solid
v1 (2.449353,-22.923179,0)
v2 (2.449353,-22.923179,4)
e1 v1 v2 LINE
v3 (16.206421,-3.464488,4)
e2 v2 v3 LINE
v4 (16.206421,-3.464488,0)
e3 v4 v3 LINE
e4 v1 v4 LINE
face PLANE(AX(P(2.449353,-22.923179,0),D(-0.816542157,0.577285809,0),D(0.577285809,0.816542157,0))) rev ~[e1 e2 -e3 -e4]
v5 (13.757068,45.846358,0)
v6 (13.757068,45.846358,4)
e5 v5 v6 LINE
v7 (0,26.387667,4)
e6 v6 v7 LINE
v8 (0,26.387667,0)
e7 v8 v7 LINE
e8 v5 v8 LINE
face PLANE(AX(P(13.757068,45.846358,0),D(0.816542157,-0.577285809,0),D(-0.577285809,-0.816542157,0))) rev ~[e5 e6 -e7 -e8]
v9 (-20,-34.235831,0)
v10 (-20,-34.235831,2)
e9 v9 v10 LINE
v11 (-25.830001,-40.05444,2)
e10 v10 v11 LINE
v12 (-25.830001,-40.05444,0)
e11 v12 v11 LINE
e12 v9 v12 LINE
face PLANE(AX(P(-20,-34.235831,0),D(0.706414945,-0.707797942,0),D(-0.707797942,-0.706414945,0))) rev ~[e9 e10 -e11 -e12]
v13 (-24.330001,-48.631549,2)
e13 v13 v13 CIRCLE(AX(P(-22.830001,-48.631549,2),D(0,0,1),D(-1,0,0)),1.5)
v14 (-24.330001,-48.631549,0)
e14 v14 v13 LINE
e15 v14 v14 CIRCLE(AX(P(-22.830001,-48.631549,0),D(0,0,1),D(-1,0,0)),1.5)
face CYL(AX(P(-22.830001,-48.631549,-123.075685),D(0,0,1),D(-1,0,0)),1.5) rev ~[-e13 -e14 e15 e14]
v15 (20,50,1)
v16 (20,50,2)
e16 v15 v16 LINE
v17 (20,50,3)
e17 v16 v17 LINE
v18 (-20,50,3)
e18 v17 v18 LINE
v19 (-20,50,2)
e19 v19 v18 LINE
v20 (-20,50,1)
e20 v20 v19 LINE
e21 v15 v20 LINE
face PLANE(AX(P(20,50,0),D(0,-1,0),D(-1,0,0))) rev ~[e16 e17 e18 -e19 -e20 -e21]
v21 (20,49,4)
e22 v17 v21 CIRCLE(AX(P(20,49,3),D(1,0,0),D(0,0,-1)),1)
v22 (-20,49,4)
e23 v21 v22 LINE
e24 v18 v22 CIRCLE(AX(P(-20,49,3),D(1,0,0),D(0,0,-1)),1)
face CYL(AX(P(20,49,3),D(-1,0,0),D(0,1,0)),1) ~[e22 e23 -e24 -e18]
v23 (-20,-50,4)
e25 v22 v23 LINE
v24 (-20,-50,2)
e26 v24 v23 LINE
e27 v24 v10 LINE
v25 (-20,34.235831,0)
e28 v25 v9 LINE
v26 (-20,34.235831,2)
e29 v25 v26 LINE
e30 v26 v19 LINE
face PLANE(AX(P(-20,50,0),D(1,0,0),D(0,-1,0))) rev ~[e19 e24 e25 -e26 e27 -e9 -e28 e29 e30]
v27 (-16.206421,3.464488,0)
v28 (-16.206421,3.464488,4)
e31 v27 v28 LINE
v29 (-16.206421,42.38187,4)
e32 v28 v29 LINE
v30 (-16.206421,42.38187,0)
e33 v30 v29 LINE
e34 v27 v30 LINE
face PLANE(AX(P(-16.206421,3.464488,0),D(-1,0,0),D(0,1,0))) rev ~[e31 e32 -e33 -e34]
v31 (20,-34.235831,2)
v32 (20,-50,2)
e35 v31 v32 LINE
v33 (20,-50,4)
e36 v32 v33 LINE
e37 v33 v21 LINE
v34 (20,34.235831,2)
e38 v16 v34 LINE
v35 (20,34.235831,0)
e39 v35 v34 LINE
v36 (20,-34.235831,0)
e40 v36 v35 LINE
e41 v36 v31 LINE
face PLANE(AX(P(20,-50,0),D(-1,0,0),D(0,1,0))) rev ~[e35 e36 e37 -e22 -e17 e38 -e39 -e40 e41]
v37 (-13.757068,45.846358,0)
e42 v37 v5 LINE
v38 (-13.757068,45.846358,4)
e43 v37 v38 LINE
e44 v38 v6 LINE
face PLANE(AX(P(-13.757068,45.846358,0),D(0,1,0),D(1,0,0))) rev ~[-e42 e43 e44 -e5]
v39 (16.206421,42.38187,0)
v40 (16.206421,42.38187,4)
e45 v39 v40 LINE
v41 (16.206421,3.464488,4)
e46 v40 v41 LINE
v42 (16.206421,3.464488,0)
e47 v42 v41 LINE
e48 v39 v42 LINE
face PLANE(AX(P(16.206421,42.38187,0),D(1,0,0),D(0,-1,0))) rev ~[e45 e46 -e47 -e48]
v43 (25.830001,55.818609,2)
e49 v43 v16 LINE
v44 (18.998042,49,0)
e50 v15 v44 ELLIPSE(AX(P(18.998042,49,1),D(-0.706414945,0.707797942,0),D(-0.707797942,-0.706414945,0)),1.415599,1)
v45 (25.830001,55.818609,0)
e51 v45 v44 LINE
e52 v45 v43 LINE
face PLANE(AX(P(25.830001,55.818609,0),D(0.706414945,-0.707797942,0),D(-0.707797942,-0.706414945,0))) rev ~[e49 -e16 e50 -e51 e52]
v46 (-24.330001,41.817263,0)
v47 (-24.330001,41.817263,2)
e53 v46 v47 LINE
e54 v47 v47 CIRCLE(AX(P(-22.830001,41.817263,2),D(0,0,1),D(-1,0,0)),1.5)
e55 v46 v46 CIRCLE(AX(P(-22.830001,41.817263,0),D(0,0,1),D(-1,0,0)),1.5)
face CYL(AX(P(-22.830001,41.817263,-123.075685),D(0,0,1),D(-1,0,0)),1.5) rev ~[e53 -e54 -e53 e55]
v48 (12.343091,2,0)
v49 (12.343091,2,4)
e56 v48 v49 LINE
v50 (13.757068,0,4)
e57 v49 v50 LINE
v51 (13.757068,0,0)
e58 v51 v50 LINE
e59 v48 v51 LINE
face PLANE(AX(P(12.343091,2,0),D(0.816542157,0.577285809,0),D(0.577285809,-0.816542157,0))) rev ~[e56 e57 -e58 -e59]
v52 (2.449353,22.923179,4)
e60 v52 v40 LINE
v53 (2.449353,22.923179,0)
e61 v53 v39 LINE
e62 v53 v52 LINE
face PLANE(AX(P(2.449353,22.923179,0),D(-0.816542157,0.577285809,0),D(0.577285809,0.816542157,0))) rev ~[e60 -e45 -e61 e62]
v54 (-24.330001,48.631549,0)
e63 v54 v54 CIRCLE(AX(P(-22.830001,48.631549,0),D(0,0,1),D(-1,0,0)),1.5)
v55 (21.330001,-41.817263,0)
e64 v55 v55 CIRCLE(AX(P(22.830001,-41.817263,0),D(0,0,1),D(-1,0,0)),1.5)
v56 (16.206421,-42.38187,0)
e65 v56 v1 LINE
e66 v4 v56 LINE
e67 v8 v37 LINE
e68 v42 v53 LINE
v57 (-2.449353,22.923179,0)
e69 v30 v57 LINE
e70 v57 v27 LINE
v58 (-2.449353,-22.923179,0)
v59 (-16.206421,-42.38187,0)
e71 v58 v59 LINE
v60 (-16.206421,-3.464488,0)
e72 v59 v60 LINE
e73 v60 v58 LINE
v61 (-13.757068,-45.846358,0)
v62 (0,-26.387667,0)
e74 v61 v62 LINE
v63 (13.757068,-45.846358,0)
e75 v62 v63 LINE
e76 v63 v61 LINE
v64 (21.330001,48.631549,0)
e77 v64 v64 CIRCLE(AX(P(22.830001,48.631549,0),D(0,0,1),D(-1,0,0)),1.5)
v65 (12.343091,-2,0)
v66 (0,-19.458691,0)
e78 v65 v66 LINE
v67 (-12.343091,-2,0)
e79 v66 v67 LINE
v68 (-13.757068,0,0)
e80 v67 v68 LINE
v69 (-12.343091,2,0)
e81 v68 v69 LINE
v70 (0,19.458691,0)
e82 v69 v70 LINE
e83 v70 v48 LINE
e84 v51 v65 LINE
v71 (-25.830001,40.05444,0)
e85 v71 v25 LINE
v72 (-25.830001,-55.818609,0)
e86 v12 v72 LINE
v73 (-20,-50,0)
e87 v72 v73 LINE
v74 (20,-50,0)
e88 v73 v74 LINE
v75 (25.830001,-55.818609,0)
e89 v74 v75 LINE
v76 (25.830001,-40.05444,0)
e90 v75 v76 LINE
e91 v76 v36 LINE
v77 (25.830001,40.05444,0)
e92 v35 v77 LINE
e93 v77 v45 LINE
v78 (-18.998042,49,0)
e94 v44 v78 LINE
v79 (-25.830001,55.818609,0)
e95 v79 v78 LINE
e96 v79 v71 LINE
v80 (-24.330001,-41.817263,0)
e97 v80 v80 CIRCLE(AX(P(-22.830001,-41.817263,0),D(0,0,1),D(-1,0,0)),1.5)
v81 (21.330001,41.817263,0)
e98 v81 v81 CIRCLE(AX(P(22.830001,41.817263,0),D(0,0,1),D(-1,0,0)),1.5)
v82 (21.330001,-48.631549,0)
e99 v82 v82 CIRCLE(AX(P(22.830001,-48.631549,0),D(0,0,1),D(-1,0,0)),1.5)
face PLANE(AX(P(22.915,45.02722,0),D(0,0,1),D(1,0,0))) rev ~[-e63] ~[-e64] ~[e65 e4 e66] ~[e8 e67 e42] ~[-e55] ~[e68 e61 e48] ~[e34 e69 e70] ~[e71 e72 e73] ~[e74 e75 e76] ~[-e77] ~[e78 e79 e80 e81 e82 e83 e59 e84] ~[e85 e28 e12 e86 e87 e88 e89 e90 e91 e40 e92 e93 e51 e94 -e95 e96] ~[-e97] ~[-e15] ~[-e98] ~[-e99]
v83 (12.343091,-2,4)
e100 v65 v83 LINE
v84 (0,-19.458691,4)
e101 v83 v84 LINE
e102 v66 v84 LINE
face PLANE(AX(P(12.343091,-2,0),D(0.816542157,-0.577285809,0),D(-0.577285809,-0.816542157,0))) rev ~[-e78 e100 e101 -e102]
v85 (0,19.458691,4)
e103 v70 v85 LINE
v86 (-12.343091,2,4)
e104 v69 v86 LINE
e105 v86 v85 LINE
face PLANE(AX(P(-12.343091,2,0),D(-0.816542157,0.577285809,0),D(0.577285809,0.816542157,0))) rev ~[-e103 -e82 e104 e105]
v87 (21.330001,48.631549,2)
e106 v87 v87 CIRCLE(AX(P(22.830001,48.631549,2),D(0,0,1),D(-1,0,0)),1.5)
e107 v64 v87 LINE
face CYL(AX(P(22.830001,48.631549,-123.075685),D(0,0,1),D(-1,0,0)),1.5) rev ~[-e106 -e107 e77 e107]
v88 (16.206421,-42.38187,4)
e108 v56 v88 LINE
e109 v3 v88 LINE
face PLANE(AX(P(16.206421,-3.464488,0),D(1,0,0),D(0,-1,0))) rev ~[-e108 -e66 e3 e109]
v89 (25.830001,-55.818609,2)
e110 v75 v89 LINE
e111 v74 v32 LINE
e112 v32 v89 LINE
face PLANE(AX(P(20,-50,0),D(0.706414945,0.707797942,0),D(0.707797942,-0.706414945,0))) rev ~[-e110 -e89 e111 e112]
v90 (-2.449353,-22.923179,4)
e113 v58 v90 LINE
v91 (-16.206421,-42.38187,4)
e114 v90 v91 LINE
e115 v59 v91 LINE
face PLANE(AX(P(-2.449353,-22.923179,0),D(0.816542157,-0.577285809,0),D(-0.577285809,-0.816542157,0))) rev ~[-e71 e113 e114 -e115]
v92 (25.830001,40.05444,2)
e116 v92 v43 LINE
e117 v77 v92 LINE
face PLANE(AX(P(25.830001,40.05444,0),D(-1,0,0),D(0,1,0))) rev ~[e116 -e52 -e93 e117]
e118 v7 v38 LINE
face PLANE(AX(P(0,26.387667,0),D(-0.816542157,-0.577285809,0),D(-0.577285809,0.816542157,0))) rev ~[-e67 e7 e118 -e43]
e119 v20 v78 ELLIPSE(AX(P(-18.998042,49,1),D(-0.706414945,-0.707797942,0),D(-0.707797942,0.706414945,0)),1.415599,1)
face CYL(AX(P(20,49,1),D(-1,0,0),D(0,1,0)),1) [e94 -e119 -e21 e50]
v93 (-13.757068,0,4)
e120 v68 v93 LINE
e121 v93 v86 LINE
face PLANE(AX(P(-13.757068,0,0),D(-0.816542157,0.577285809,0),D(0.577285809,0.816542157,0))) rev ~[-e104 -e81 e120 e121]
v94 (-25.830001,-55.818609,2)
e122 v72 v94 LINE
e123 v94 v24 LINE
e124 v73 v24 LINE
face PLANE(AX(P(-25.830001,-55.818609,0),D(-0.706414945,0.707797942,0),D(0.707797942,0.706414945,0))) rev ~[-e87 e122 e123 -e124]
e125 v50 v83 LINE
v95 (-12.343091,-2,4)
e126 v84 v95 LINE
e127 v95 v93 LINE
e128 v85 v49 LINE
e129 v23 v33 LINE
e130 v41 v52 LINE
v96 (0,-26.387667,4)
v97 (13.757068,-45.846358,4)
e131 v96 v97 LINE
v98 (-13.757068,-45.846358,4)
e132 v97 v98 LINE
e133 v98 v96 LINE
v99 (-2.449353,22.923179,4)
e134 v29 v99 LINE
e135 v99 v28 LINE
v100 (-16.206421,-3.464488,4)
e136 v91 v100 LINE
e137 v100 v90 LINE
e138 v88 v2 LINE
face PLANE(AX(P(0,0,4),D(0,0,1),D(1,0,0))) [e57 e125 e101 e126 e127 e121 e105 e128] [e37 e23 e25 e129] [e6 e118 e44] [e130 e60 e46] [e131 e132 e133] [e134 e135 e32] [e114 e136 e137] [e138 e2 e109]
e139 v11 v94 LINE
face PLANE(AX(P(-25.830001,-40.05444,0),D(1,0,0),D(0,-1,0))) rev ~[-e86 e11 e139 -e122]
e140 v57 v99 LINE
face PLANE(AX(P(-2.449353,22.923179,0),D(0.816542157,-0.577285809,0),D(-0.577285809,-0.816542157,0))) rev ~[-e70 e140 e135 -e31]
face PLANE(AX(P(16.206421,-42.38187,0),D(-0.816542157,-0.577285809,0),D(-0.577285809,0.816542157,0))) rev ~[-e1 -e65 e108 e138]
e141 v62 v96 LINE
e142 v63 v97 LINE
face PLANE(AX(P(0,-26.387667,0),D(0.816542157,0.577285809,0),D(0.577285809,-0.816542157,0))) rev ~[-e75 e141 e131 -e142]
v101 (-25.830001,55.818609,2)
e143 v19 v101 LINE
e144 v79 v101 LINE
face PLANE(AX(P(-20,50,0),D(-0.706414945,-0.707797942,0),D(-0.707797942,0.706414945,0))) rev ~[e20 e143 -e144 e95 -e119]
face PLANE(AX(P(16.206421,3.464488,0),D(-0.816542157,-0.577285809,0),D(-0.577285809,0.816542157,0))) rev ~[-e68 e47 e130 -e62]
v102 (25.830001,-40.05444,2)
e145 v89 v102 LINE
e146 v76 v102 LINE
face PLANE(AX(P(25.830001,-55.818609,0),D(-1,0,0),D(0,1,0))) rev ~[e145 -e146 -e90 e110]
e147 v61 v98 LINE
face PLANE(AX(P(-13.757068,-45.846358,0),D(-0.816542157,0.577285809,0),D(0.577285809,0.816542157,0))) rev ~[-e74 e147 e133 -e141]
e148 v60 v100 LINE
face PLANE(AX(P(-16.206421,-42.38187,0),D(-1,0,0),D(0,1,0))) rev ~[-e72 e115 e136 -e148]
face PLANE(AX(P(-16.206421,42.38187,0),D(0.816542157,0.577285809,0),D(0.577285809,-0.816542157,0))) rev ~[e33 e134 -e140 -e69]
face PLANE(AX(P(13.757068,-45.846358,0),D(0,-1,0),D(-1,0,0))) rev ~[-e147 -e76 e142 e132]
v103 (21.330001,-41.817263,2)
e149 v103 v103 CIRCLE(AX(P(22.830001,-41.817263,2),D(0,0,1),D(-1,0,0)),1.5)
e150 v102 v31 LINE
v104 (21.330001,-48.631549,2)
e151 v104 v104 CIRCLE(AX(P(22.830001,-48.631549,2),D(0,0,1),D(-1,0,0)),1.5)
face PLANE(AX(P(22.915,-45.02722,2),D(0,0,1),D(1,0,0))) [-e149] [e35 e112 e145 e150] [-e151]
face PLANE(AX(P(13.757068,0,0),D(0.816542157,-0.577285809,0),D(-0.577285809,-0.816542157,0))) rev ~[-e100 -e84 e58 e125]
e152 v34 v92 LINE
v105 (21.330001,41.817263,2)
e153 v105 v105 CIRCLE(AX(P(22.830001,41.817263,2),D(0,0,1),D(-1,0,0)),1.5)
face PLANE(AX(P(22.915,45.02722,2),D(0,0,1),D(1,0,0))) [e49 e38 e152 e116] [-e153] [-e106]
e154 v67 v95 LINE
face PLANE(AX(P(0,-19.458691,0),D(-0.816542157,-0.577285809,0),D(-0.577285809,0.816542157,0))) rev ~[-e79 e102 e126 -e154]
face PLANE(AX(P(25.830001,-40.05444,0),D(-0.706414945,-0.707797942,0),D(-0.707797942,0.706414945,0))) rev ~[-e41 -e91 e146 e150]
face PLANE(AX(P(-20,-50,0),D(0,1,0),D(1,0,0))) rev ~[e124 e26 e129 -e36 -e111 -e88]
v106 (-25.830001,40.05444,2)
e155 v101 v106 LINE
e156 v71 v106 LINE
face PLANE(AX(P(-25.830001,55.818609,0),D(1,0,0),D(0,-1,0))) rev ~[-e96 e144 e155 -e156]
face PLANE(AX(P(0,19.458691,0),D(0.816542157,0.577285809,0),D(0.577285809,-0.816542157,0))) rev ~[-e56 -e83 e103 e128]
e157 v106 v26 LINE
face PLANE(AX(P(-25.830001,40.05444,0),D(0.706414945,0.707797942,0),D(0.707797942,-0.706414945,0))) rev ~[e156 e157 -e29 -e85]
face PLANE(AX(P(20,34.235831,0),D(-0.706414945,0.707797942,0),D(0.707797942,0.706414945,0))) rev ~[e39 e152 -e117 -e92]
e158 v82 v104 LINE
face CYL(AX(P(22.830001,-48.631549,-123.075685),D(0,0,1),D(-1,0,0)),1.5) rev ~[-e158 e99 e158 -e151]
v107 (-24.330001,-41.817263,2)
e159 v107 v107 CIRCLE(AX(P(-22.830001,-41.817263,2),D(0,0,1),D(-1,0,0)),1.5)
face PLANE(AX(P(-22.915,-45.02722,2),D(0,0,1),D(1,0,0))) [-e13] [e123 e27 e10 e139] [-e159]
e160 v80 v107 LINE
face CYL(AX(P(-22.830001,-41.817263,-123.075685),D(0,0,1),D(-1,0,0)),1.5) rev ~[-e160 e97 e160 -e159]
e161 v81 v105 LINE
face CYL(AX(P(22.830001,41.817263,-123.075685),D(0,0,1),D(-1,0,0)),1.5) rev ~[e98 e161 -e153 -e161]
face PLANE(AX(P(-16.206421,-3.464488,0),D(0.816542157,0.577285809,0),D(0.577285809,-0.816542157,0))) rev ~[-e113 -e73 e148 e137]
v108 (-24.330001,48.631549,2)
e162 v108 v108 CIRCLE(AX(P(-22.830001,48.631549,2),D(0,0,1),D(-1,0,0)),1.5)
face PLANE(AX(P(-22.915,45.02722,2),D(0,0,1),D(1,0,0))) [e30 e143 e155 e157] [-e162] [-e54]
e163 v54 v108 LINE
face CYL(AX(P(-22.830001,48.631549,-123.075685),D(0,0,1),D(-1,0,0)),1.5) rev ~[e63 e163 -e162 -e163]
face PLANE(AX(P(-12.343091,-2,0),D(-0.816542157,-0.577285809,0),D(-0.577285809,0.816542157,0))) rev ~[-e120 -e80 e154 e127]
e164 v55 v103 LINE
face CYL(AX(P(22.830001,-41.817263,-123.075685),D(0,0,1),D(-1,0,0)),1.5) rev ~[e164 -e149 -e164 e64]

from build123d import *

# Parameters (mm, degrees)
F1_DEPTH = 4
F2_DEPTH = 2
F3_D     = 3
F4_R     = 1


with BuildPart() as f1:
    # F0 (on Top) → F1 (new body)
    with BuildSketch(Plane.XY):
        Polygon((20, 34.2358313501), (20, 50), (-20, 50), (-20, 34.2358313501), (-20, -34.2358313501), (-20, -50), (20, -50), (20, -34.2358313501), align=None)
        Polygon((16.206420958, -42.3818695248), (16.206420958, -45.8463579416), (13.757067936, -45.8463579416), (-13.757067936, -45.8463579416), (-16.206420958, -45.8463579416), (-16.206420958, -42.3818695248), (-16.206420958, -3.4644884169), (-16.206420958, -2), (-16.206420958, 0), (-16.206420958, 2), (-16.206420958, 3.4644884169), (-16.206420958, 42.3818695248), (-16.206420958, 45.8463579416), (-13.757067936, 45.8463579416), (13.757067936, 45.8463579416), (16.206420958, 45.8463579416), (16.206420958, 42.3818695248), (16.206420958, 3.4644884169), (16.206420958, 2), (16.206420958, 0), (16.206420958, -2), (16.206420958, -3.4644884169), align=None, mode=Mode.SUBTRACT)
        Polygon((1.224676511, 24.6554231792), (16.206420958, 45.8463579416), (13.757067936, 45.8463579416), (0, 26.3876673877), align=None)
        Polygon((2.4493530221, 22.9231789708), (16.206420958, 42.3818695248), (16.206420958, 45.8463579416), (1.224676511, 24.6554231792), align=None)
        Polygon((-2.4493530221, 22.9231789708), (-1.224676511, 24.6554231792), (-16.206420958, 45.8463579416), (-16.206420958, 42.3818695248), align=None)
        Polygon((-16.206420958, 45.8463579416), (-1.224676511, 24.6554231792), (0, 26.3876673877), (-13.757067936, 45.8463579416), align=None)
        Polygon((-16.206420958, -42.3818695248), (-16.206420958, -45.8463579416), (-1.224676511, -24.6554231792), (-2.4493530221, -22.9231789708), align=None)
        Polygon((-16.206420958, -45.8463579416), (-13.757067936, -45.8463579416), (0, -26.3876673877), (-1.224676511, -24.6554231792), align=None)
        Polygon((1.224676511, -24.6554231792), (16.206420958, -45.8463579416), (16.206420958, -42.3818695248), (2.4493530221, -22.9231789708), align=None)
        Polygon((13.757067936, -45.8463579416), (16.206420958, -45.8463579416), (1.224676511, -24.6554231792), (0, -26.3876673877), align=None)
        Polygon((14.7924442161, 2), (16.206420958, 2), (16.206420958, 3.4644884169), (2.4493530221, 22.9231789708), (1.224676511, 21.1909347624), align=None)
        Polygon((-16.206420958, 3.4644884169), (-16.206420958, 2), (-14.7924442161, 2), (-1.224676511, 21.1909347624), (-2.4493530221, 22.9231789708), align=None)
        Polygon((-2.4493530221, -22.9231789708), (-1.224676511, -21.1909347624), (-14.7924442161, -2), (-16.206420958, -2), (-16.206420958, -3.4644884169), align=None)
        Polygon((2.4493530221, -22.9231789708), (16.206420958, -3.4644884169), (16.206420958, -2), (14.7924442161, -2), (1.224676511, -21.1909347624), align=None)
        Polygon((12.343091194, 2), (14.7924442161, 2), (1.224676511, 21.1909347624), (0, 19.458690554), align=None)
        Polygon((-1.224676511, 21.1909347624), (-14.7924442161, 2), (-12.343091194, 2), (0, 19.458690554), align=None)
        Polygon((-14.7924442161, -2), (-1.224676511, -21.1909347624), (0, -19.458690554), (-12.343091194, -2), align=None)
        Polygon((0, -19.458690554), (1.224676511, -21.1909347624), (14.7924442161, -2), (12.343091194, -2), align=None)
        Polygon((14.7924442161, -2), (16.206420958, 0), (13.757067936, 0), (12.343091194, -2), align=None)
        Polygon((13.757067936, 0), (16.206420958, 0), (14.7924442161, 2), (12.343091194, 2), align=None)
        Polygon((-16.206420958, 0), (-14.7924442161, -2), (-12.343091194, -2), (-13.757067936, 0), align=None)
        Polygon((-14.7924442161, 2), (-16.206420958, 0), (-13.757067936, 0), (-12.343091194, 2), align=None)
        Polygon((0, 22.9231789708), (1.224676511, 21.1909347624), (2.4493530221, 22.9231789708), (1.224676511, 24.6554231792), align=None)
        Polygon((-1.224676511, 24.6554231792), (0, 22.9231789708), (1.224676511, 24.6554231792), (0, 26.3876673877), align=None)
        Polygon((-1.224676511, 21.1909347624), (0, 22.9231789708), (-1.224676511, 24.6554231792), (-2.4493530221, 22.9231789708), align=None)
        Polygon((0, 19.458690554), (1.224676511, 21.1909347624), (0, 22.9231789708), (-1.224676511, 21.1909347624), align=None)
        Polygon((-1.224676511, -21.1909347624), (0, -22.9231789708), (1.224676511, -21.1909347624), (0, -19.458690554), align=None)
        Polygon((0, -22.9231789708), (1.224676511, -24.6554231792), (2.4493530221, -22.9231789708), (1.224676511, -21.1909347624), align=None)
        Polygon((0, -26.3876673877), (1.224676511, -24.6554231792), (0, -22.9231789708), (-1.224676511, -24.6554231792), align=None)
        Polygon((-1.224676511, -24.6554231792), (0, -22.9231789708), (-1.224676511, -21.1909347624), (-2.4493530221, -22.9231789708), align=None)
        Polygon((14.7924442161, -2), (16.206420958, -2), (16.206420958, 0), align=None)
        Polygon((14.7924442161, 2), (16.206420958, 0), (16.206420958, 2), align=None)
        Polygon((-16.206420958, 2), (-16.206420958, 0), (-14.7924442161, 2), align=None)
        Polygon((-16.206420958, -2), (-14.7924442161, -2), (-16.206420958, 0), align=None)
    extrude(amount=F1_DEPTH)

    # F0 (on Top) → F2 (join)
    with BuildSketch(Plane.XY):
        Polygon((25.830000639, 55.8186091483), (20, 50), (20, 34.2358313501), (25.830000639, 40.0544404984), align=None)
        Polygon((-20, 34.2358313501), (-20, 50), (-25.830000639, 55.8186091483), (-25.830000639, 40.0544404984), align=None)
        Polygon((-20, -50), (-20, -34.2358313501), (-25.830000639, -40.0544404984), (-25.830000639, -55.8186091483), align=None)
        Polygon((25.830000639, -40.0544404984), (20, -34.2358313501), (20, -50), (25.830000639, -55.8186091483), align=None)
    extrude(amount=F2_DEPTH)

    # F3 (through all)
    with Locations(Plane(origin=(0, 0, 0), x_dir=(1, 0, 0), z_dir=(0, 0, -1))):
        with Locations((22.830000639, -48.6315488815), (22.830000639, -41.8172627687), (-22.830000639, -48.6315488815), (-22.830000639, -41.8172627687), (-22.830000639, 41.8172627687), (-22.830000639, 48.6315488815), (22.830000639, 41.8172627687), (22.830000639, 48.6315488815)):
            Hole(F3_D / 2)

    # F4
    f4_edges = [f1.edges().sort_by_distance(p)[0] for p in [
        (0, 50, 4),
        (0, 50, 0),
    ]]
    fillet(f4_edges, radius=F4_R)


solid = f1.part
